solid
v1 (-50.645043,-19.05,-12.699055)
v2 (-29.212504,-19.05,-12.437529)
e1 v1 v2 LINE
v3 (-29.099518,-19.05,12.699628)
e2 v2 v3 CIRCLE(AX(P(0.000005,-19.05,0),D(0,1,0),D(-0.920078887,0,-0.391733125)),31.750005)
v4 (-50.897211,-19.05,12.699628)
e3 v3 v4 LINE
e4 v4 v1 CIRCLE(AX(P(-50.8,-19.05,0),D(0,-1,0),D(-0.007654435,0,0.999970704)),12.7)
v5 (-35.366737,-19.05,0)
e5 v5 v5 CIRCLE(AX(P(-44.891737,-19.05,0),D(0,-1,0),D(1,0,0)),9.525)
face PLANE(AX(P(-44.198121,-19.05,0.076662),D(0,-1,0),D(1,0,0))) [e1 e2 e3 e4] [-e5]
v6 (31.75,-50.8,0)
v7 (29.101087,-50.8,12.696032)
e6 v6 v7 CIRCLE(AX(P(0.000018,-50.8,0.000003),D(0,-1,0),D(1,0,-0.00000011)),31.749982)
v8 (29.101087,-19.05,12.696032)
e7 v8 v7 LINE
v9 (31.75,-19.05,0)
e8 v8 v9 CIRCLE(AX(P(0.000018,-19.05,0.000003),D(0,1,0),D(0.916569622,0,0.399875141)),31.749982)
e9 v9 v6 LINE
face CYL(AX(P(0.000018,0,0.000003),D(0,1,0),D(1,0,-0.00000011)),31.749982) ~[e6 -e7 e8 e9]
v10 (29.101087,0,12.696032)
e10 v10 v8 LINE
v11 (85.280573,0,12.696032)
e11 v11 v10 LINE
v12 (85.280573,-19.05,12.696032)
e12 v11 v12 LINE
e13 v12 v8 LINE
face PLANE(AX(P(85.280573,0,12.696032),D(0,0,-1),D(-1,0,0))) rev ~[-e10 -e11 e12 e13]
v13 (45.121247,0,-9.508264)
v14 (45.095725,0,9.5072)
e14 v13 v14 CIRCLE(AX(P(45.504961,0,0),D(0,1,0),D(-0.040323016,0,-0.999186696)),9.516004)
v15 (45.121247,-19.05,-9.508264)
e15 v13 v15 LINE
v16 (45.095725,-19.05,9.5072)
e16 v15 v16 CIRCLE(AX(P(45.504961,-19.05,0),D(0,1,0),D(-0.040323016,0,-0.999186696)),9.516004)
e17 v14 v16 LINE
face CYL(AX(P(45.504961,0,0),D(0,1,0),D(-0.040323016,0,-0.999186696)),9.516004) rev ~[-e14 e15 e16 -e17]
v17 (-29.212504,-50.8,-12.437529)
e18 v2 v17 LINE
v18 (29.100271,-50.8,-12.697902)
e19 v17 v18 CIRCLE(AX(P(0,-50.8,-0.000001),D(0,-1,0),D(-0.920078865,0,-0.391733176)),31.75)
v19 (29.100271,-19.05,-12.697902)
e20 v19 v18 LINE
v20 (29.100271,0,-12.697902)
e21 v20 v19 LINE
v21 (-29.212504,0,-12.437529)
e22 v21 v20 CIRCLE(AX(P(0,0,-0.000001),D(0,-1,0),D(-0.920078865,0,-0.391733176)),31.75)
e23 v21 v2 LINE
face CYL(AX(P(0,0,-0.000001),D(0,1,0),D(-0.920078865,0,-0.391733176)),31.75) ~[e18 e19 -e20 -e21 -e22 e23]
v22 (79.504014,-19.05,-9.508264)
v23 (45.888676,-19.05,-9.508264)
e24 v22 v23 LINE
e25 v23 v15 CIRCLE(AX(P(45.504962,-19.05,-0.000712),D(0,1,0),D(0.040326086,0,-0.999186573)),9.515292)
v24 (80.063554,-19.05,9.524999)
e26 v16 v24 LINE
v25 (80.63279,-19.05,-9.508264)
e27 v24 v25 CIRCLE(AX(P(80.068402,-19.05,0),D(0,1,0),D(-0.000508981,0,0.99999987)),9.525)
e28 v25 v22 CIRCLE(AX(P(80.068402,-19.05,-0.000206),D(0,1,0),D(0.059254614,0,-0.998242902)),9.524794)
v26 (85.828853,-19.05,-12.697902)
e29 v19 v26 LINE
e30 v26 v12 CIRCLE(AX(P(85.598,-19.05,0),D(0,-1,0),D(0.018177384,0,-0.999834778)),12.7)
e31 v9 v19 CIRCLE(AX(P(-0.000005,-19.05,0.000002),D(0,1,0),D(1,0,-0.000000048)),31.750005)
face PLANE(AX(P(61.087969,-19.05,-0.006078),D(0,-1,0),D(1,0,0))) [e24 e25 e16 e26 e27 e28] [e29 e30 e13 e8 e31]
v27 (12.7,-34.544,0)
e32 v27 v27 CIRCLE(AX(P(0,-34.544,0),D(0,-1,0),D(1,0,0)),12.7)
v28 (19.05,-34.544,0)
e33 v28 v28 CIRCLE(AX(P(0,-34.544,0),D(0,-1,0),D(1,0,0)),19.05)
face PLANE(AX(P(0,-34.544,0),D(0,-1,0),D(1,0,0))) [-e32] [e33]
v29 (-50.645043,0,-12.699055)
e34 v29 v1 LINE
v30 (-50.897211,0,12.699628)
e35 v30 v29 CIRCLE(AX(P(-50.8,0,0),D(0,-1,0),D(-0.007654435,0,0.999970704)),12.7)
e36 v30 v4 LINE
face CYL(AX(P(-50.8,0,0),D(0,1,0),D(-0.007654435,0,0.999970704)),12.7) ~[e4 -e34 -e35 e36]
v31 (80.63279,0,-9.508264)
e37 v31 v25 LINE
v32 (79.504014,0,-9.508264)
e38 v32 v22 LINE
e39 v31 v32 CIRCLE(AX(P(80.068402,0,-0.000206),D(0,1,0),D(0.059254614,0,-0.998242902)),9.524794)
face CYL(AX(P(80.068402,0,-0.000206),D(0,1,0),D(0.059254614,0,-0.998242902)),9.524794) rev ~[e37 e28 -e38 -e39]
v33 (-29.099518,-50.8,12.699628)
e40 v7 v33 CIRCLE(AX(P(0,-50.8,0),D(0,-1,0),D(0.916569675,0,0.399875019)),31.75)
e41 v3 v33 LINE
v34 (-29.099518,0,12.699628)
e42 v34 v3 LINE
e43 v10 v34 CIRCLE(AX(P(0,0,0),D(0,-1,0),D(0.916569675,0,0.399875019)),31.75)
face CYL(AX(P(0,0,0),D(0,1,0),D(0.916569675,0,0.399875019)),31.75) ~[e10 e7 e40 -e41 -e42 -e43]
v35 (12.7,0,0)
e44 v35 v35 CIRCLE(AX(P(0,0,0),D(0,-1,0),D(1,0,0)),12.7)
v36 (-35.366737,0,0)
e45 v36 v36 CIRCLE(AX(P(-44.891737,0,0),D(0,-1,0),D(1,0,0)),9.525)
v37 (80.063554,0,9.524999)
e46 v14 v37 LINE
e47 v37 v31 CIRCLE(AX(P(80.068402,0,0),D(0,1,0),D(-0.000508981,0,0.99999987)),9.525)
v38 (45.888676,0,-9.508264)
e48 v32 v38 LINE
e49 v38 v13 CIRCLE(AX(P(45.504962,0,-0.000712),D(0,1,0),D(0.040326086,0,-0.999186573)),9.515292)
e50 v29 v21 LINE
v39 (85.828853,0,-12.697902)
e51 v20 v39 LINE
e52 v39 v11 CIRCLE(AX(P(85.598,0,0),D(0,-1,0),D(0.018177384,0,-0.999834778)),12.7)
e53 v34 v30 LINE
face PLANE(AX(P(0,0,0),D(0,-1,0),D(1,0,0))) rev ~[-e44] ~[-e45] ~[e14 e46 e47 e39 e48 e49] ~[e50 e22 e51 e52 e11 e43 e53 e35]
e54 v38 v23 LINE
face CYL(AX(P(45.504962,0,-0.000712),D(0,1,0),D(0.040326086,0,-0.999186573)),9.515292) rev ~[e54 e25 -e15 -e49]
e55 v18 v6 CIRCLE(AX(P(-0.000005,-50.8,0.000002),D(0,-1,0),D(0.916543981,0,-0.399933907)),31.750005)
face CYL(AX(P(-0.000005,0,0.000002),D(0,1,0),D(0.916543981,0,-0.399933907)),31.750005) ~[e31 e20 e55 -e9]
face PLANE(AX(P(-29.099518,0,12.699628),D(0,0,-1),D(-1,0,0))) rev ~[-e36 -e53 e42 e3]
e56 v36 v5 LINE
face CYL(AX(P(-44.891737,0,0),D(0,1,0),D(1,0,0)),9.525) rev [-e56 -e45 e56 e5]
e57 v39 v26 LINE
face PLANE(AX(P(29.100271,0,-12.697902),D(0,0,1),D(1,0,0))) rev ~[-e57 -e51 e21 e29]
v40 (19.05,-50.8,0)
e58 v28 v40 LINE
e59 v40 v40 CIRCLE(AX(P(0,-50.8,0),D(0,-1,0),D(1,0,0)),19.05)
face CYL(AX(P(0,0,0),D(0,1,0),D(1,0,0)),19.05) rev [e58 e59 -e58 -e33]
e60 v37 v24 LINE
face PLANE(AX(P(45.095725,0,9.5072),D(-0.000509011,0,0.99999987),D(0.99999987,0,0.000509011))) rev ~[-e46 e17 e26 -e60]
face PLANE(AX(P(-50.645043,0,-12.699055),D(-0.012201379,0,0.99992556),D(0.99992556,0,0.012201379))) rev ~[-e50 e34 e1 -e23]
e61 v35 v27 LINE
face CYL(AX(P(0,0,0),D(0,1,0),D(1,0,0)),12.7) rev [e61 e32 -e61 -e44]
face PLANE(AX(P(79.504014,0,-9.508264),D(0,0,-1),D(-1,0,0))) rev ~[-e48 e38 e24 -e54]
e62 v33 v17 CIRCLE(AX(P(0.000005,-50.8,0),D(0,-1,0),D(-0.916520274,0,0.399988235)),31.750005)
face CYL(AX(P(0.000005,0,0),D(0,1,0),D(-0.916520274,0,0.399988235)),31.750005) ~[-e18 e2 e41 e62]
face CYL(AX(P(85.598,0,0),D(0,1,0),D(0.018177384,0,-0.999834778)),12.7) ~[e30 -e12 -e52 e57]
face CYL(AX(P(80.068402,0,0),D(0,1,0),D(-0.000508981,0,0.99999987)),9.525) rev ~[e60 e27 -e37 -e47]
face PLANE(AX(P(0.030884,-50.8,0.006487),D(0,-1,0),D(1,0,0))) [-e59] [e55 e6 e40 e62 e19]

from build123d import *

# Parameters (mm, degrees)
F0_R     = 19.05
F1_DEPTH = 50.8
F0_R_2   = 9.525
F2_DEPTH = 19.05
F0_R_3   = 12.7
F3_DEPTH = 34.544


with BuildPart() as f1:
    # F0 (on Front) → F1 (new body)
    with BuildSketch(Plane.XZ):
        with BuildLine():
            ThreePointArc((29.100271, -12.697902), (31.080509, -6.485711), (31.75, 0))
            ThreePointArc((31.75, 0), (31.080718, 6.484712), (29.101087, 12.696032))
            ThreePointArc((29.101087, 12.696032), (0.001961, 31.75), (-29.099518, 12.699628))
            ThreePointArc((-29.099518, 12.699628), (-31.749679, 0.142707), (-29.212504, -12.437529))
            ThreePointArc((-29.212504, -12.437529), (-0.141766, -31.749684), (29.100271, -12.697902))
        make_face()
        Circle(F0_R, mode=Mode.SUBTRACT)
    extrude(amount=F1_DEPTH)

    # F0 (on Front) → F2 (join)
    with BuildSketch(Plane.XZ):
        with BuildLine():
            ThreePointArc((-29.212504, -12.437529), (-31.749679, 0.142707), (-29.099518, 12.699628))
            Line((-29.099518, 12.699628), (-50.702789, 12.699628))
            Line((-50.702789, 12.699628), (-50.897211, 12.699628))
            ThreePointArc((-50.897211, 12.699628), (-63.499374, -0.126084), (-50.645043, -12.699055))
            Line((-50.645043, -12.699055), (-29.212504, -12.437529))
        make_face()
        with Locations((-44.891737, 0)):
            Circle(F0_R_2, mode=Mode.SUBTRACT)
        with BuildLine():
            ThreePointArc((29.101087, 12.696032), (31.080718, 6.484712), (31.75, 0))
            ThreePointArc((31.75, 0), (31.080509, -6.485711), (29.100271, -12.697902))
            Line((29.100271, -12.697902), (85.367147, -12.697902))
            Line((85.367147, -12.697902), (85.828853, -12.697902))
            ThreePointArc((85.828853, -12.697902), (98.295041, 0.274142), (85.280573, 12.696032))
            Line((85.280573, 12.696032), (29.101087, 12.696032))
        make_face()
        with BuildLine():
            ThreePointArc((45.121247, -9.508264), (35.988966, -0.012772), (45.095725, 9.5072))
            Line((45.095725, 9.5072), (80.063554, 9.524999))
            ThreePointArc((80.063554, 9.524999), (89.589145, 0.284741), (80.63279, -9.508264))
            ThreePointArc((80.63279, -9.508264), (80.068402, -9.525), (79.504014, -9.508264))
            Line((79.504014, -9.508264), (45.888676, -9.508264))
            ThreePointArc((45.888676, -9.508264), (45.504961, -9.516004), (45.121247, -9.508264))
        make_face(mode=Mode.SUBTRACT)
    extrude(amount=F2_DEPTH)

    # F0 (on Front) → F3 (join)
    with BuildSketch(Plane.XZ):
        Circle(F0_R)
        Circle(F0_R_3, mode=Mode.SUBTRACT)
    extrude(amount=F3_DEPTH)


solid = f1.part
